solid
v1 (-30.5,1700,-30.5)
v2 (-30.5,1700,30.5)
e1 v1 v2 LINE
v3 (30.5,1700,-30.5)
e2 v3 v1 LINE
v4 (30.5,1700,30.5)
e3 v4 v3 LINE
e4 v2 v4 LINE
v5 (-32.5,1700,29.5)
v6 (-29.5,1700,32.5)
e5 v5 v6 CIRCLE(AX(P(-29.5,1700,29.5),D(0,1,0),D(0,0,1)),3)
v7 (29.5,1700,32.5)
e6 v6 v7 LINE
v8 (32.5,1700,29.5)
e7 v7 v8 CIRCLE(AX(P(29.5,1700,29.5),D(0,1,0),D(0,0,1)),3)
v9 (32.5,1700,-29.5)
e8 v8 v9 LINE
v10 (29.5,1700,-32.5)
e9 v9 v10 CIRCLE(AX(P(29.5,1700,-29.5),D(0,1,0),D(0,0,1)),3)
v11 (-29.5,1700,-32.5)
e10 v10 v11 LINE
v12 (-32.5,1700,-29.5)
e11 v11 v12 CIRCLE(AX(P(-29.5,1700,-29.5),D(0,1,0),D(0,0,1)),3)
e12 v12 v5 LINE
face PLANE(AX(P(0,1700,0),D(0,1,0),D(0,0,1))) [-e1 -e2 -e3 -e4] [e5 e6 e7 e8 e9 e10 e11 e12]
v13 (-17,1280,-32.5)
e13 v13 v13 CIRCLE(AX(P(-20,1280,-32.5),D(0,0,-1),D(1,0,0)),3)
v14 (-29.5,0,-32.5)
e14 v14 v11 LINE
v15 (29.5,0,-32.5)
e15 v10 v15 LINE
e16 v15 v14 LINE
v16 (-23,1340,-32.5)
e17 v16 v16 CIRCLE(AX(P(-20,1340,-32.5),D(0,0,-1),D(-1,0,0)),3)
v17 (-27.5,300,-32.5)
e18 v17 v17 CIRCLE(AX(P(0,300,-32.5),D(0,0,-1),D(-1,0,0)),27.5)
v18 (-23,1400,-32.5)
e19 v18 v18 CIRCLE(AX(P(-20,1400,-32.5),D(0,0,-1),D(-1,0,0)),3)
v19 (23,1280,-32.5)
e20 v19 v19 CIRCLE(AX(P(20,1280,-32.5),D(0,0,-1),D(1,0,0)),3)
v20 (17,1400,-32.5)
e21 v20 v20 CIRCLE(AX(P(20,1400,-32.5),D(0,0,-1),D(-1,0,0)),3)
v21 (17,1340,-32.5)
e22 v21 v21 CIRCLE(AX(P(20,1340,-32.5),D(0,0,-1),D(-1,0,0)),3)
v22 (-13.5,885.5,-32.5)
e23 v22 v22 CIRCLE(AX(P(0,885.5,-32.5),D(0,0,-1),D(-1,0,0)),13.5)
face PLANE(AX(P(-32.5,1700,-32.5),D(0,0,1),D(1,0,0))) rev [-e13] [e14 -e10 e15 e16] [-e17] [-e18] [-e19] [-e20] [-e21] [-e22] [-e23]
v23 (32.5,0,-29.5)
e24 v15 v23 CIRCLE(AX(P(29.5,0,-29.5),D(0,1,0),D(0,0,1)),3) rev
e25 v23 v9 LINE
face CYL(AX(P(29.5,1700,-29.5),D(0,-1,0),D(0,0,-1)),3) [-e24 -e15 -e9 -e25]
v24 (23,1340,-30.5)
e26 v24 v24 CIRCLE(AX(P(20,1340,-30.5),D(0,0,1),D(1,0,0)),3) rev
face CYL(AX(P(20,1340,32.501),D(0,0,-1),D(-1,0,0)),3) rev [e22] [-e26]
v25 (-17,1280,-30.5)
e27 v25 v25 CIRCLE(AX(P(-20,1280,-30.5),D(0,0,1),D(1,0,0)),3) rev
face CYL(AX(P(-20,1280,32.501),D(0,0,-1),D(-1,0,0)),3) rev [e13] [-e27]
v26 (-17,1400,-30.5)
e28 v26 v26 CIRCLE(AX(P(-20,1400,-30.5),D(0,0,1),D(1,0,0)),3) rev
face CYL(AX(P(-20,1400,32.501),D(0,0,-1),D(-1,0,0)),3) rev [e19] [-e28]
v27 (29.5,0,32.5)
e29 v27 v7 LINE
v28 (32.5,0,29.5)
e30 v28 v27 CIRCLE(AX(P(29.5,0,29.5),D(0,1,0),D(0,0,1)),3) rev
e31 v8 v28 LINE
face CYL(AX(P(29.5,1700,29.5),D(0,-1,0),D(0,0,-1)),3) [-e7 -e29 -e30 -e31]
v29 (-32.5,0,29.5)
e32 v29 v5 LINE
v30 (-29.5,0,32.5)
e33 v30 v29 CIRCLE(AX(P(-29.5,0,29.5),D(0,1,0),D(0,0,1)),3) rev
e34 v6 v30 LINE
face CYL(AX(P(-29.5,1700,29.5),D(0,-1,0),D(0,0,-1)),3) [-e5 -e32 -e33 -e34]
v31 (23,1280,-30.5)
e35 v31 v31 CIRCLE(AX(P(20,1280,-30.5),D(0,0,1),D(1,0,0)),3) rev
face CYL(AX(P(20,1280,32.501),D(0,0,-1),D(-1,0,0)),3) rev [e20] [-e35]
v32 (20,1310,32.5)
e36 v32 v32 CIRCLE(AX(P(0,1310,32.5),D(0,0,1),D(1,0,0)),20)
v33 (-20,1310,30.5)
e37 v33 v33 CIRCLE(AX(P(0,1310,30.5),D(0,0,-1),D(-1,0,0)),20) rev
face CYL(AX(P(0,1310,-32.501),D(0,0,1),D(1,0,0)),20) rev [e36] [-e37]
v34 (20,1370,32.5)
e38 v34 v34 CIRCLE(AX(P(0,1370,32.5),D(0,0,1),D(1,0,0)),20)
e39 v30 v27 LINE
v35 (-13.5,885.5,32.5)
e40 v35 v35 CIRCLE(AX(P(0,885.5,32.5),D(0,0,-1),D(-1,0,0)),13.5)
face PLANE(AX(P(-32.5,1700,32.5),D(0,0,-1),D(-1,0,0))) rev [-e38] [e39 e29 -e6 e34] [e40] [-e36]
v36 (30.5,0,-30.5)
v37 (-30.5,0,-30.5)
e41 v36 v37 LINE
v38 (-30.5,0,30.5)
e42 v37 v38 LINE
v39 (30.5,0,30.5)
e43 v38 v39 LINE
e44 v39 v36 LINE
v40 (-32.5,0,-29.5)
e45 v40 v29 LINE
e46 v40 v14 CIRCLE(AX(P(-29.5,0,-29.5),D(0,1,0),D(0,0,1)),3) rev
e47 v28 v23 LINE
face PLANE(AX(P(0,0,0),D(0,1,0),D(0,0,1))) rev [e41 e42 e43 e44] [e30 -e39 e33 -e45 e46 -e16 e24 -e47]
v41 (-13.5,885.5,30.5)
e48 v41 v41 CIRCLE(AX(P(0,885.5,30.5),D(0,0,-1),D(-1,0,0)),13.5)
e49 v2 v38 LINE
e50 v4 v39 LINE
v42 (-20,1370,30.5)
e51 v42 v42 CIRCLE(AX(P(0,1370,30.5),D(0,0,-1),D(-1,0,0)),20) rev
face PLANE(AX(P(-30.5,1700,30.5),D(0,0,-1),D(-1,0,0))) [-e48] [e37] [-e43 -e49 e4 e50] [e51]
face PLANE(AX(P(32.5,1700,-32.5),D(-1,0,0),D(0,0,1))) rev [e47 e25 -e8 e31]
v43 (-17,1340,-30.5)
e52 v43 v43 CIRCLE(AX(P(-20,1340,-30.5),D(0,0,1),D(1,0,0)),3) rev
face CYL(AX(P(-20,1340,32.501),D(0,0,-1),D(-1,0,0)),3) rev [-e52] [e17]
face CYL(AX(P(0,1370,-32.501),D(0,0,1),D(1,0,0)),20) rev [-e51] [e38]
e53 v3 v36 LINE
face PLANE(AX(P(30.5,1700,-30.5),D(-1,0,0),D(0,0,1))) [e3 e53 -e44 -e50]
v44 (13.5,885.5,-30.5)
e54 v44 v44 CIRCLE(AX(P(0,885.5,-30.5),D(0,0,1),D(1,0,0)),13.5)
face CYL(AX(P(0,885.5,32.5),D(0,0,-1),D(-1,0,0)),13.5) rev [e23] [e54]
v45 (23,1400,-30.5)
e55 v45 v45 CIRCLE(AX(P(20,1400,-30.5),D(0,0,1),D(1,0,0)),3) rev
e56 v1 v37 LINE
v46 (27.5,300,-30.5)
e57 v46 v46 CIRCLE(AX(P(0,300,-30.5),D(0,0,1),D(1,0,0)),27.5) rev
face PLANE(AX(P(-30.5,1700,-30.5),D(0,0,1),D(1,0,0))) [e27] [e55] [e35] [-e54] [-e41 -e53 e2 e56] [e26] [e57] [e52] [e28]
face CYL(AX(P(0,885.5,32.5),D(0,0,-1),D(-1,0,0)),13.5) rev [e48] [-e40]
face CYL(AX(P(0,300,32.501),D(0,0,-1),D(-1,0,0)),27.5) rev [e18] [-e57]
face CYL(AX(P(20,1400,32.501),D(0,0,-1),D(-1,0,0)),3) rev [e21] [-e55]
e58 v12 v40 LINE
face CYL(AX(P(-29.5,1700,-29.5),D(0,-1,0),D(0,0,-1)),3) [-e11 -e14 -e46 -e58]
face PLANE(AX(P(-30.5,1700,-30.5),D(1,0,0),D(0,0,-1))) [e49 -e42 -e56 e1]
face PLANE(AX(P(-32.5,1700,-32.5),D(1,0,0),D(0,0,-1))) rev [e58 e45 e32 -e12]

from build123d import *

# Parameters (mm, degrees)
SKETCH1_W           = 65
SKETCH1_H           = 65
SKETCH1_W_2         = 61
SKETCH1_H_2         = 61
BOSS_EXTRUDE1_DEPTH = 1700
CUT_EXTRUDE1_REACH  = 1703.553
SKETCH2_R           = 3
SKETCH2_R_2         = 27.5
FILLET1_R           = 3
CUT_EXTRUDE2_REACH  = 1703.553
SKETCH3_R           = 20
SKETCH4_R           = 13.5
CUT_EXTRUDE3_DEPTH  = 1702.552599833


with BuildPart() as part:
    # Sketch1 → Boss-Extrude1 (new body)
    with BuildSketch(Plane(origin=(0, 0, 0), x_dir=(1, 0, 0), z_dir=(0, 1, 0))):
        Rectangle(SKETCH1_W, SKETCH1_H)
        Rectangle(SKETCH1_W_2, SKETCH1_H_2, mode=Mode.SUBTRACT)
    extrude(amount=BOSS_EXTRUDE1_DEPTH)

    # Sketch2 → Cut-Extrude1 (cut, up to next)
    with BuildSketch(Plane(origin=(0, 0, -32.5), x_dir=(-1, 0, 0), z_dir=(0, 0, -1)), mode=Mode.PRIVATE) as cut_extrude1_sk1:
        with Locations((20, 1400)):
            Circle(SKETCH2_R)
    cut_extrude1_tool1 = extrude(cut_extrude1_sk1.sketch, amount=-CUT_EXTRUDE1_REACH, mode=Mode.PRIVATE) & part.part
    # Sketch2 → Cut-Extrude1 (cut, up to next)
    with BuildSketch(Plane(origin=(0, 0, -32.5), x_dir=(-1, 0, 0), z_dir=(0, 0, -1)), mode=Mode.PRIVATE) as cut_extrude1_sk2:
        with Locations((-20, 1400)):
            Circle(SKETCH2_R)
    cut_extrude1_tool2 = extrude(cut_extrude1_sk2.sketch, amount=-CUT_EXTRUDE1_REACH, mode=Mode.PRIVATE) & part.part
    # Sketch2 → Cut-Extrude1 (cut, up to next)
    with BuildSketch(Plane(origin=(0, 0, -32.5), x_dir=(-1, 0, 0), z_dir=(0, 0, -1)), mode=Mode.PRIVATE) as cut_extrude1_sk3:
        with Locations((20, 1340)):
            Circle(SKETCH2_R)
    cut_extrude1_tool3 = extrude(cut_extrude1_sk3.sketch, amount=-CUT_EXTRUDE1_REACH, mode=Mode.PRIVATE) & part.part
    # Sketch2 → Cut-Extrude1 (cut, up to next)
    with BuildSketch(Plane(origin=(0, 0, -32.5), x_dir=(-1, 0, 0), z_dir=(0, 0, -1)), mode=Mode.PRIVATE) as cut_extrude1_sk4:
        with Locations((-20, 1340)):
            Circle(SKETCH2_R)
    cut_extrude1_tool4 = extrude(cut_extrude1_sk4.sketch, amount=-CUT_EXTRUDE1_REACH, mode=Mode.PRIVATE) & part.part
    # Sketch2 → Cut-Extrude1 (cut, up to next)
    with BuildSketch(Plane(origin=(0, 0, -32.5), x_dir=(-1, 0, 0), z_dir=(0, 0, -1)), mode=Mode.PRIVATE) as cut_extrude1_sk5:
        with Locations(Location((-20, 1280, 0), (0, 0, 180))):
            Circle(SKETCH2_R)
    cut_extrude1_tool5 = extrude(cut_extrude1_sk5.sketch, amount=-CUT_EXTRUDE1_REACH, mode=Mode.PRIVATE) & part.part
    # Sketch2 → Cut-Extrude1 (cut, up to next)
    with BuildSketch(Plane(origin=(0, 0, -32.5), x_dir=(-1, 0, 0), z_dir=(0, 0, -1)), mode=Mode.PRIVATE) as cut_extrude1_sk6:
        with Locations(Location((20, 1280, 0), (0, 0, 180))):
            Circle(SKETCH2_R)
    cut_extrude1_tool6 = extrude(cut_extrude1_sk6.sketch, amount=-CUT_EXTRUDE1_REACH, mode=Mode.PRIVATE) & part.part
    # Sketch2 → Cut-Extrude1 (cut, up to next)
    with BuildSketch(Plane(origin=(0, 0, -32.5), x_dir=(-1, 0, 0), z_dir=(0, 0, -1)), mode=Mode.PRIVATE) as cut_extrude1_sk7:
        with Locations((0, 300)):
            Circle(SKETCH2_R_2)
    cut_extrude1_tool7 = extrude(cut_extrude1_sk7.sketch, amount=-CUT_EXTRUDE1_REACH, mode=Mode.PRIVATE) & part.part
    add(cut_extrude1_tool1.solids().sort_by_distance((-20, 1400, -32.5))[0], mode=Mode.SUBTRACT)
    add(cut_extrude1_tool2.solids().sort_by_distance((20, 1400, -32.5))[0], mode=Mode.SUBTRACT)
    add(cut_extrude1_tool3.solids().sort_by_distance((-20, 1340, -32.5))[0], mode=Mode.SUBTRACT)
    add(cut_extrude1_tool4.solids().sort_by_distance((20, 1340, -32.5))[0], mode=Mode.SUBTRACT)
    add(cut_extrude1_tool5.solids().sort_by_distance((20, 1280, -32.5))[0], mode=Mode.SUBTRACT)
    add(cut_extrude1_tool6.solids().sort_by_distance((-20, 1280, -32.5))[0], mode=Mode.SUBTRACT)
    add(cut_extrude1_tool7.solids().sort_by_distance((0, 300, -32.5))[0], mode=Mode.SUBTRACT)

    # Fillet1
    fillet1_edges = [part.edges().sort_by_distance(p)[0] for p in [
        (32.5, 850, 32.5),
        (-32.5, 850, 32.5),
        (-32.5, 850, -32.5),
        (32.5, 850, -32.5),
    ]]
    fillet(fillet1_edges, radius=FILLET1_R)

    # Sketch3 → Cut-Extrude2 (cut, up to next)
    with BuildSketch(Plane.XY.offset(32.5), mode=Mode.PRIVATE) as cut_extrude2_sk1:
        with Locations((0, 1370)):
            Circle(SKETCH3_R)
    cut_extrude2_tool1 = extrude(cut_extrude2_sk1.sketch, amount=-CUT_EXTRUDE2_REACH, mode=Mode.PRIVATE) & part.part
    # Sketch3 → Cut-Extrude2 (cut, up to next)
    with BuildSketch(Plane.XY.offset(32.5), mode=Mode.PRIVATE) as cut_extrude2_sk2:
        with Locations((0, 1310)):
            Circle(SKETCH3_R)
    cut_extrude2_tool2 = extrude(cut_extrude2_sk2.sketch, amount=-CUT_EXTRUDE2_REACH, mode=Mode.PRIVATE) & part.part
    add(cut_extrude2_tool1.solids().sort_by_distance((0, 1370, 32.5))[0], mode=Mode.SUBTRACT)
    add(cut_extrude2_tool2.solids().sort_by_distance((0, 1310, 32.5))[0], mode=Mode.SUBTRACT)

    # Sketch4 → Cut-Extrude3 (cut, through all)
    with BuildSketch(Plane(origin=(0, 0, -32.5), x_dir=(-1, 0, 0), z_dir=(0, 0, -1))):
        with Locations((0, 885.5)):
            Circle(SKETCH4_R)
    extrude(amount=-CUT_EXTRUDE3_DEPTH, mode=Mode.SUBTRACT)


solid = part.part
